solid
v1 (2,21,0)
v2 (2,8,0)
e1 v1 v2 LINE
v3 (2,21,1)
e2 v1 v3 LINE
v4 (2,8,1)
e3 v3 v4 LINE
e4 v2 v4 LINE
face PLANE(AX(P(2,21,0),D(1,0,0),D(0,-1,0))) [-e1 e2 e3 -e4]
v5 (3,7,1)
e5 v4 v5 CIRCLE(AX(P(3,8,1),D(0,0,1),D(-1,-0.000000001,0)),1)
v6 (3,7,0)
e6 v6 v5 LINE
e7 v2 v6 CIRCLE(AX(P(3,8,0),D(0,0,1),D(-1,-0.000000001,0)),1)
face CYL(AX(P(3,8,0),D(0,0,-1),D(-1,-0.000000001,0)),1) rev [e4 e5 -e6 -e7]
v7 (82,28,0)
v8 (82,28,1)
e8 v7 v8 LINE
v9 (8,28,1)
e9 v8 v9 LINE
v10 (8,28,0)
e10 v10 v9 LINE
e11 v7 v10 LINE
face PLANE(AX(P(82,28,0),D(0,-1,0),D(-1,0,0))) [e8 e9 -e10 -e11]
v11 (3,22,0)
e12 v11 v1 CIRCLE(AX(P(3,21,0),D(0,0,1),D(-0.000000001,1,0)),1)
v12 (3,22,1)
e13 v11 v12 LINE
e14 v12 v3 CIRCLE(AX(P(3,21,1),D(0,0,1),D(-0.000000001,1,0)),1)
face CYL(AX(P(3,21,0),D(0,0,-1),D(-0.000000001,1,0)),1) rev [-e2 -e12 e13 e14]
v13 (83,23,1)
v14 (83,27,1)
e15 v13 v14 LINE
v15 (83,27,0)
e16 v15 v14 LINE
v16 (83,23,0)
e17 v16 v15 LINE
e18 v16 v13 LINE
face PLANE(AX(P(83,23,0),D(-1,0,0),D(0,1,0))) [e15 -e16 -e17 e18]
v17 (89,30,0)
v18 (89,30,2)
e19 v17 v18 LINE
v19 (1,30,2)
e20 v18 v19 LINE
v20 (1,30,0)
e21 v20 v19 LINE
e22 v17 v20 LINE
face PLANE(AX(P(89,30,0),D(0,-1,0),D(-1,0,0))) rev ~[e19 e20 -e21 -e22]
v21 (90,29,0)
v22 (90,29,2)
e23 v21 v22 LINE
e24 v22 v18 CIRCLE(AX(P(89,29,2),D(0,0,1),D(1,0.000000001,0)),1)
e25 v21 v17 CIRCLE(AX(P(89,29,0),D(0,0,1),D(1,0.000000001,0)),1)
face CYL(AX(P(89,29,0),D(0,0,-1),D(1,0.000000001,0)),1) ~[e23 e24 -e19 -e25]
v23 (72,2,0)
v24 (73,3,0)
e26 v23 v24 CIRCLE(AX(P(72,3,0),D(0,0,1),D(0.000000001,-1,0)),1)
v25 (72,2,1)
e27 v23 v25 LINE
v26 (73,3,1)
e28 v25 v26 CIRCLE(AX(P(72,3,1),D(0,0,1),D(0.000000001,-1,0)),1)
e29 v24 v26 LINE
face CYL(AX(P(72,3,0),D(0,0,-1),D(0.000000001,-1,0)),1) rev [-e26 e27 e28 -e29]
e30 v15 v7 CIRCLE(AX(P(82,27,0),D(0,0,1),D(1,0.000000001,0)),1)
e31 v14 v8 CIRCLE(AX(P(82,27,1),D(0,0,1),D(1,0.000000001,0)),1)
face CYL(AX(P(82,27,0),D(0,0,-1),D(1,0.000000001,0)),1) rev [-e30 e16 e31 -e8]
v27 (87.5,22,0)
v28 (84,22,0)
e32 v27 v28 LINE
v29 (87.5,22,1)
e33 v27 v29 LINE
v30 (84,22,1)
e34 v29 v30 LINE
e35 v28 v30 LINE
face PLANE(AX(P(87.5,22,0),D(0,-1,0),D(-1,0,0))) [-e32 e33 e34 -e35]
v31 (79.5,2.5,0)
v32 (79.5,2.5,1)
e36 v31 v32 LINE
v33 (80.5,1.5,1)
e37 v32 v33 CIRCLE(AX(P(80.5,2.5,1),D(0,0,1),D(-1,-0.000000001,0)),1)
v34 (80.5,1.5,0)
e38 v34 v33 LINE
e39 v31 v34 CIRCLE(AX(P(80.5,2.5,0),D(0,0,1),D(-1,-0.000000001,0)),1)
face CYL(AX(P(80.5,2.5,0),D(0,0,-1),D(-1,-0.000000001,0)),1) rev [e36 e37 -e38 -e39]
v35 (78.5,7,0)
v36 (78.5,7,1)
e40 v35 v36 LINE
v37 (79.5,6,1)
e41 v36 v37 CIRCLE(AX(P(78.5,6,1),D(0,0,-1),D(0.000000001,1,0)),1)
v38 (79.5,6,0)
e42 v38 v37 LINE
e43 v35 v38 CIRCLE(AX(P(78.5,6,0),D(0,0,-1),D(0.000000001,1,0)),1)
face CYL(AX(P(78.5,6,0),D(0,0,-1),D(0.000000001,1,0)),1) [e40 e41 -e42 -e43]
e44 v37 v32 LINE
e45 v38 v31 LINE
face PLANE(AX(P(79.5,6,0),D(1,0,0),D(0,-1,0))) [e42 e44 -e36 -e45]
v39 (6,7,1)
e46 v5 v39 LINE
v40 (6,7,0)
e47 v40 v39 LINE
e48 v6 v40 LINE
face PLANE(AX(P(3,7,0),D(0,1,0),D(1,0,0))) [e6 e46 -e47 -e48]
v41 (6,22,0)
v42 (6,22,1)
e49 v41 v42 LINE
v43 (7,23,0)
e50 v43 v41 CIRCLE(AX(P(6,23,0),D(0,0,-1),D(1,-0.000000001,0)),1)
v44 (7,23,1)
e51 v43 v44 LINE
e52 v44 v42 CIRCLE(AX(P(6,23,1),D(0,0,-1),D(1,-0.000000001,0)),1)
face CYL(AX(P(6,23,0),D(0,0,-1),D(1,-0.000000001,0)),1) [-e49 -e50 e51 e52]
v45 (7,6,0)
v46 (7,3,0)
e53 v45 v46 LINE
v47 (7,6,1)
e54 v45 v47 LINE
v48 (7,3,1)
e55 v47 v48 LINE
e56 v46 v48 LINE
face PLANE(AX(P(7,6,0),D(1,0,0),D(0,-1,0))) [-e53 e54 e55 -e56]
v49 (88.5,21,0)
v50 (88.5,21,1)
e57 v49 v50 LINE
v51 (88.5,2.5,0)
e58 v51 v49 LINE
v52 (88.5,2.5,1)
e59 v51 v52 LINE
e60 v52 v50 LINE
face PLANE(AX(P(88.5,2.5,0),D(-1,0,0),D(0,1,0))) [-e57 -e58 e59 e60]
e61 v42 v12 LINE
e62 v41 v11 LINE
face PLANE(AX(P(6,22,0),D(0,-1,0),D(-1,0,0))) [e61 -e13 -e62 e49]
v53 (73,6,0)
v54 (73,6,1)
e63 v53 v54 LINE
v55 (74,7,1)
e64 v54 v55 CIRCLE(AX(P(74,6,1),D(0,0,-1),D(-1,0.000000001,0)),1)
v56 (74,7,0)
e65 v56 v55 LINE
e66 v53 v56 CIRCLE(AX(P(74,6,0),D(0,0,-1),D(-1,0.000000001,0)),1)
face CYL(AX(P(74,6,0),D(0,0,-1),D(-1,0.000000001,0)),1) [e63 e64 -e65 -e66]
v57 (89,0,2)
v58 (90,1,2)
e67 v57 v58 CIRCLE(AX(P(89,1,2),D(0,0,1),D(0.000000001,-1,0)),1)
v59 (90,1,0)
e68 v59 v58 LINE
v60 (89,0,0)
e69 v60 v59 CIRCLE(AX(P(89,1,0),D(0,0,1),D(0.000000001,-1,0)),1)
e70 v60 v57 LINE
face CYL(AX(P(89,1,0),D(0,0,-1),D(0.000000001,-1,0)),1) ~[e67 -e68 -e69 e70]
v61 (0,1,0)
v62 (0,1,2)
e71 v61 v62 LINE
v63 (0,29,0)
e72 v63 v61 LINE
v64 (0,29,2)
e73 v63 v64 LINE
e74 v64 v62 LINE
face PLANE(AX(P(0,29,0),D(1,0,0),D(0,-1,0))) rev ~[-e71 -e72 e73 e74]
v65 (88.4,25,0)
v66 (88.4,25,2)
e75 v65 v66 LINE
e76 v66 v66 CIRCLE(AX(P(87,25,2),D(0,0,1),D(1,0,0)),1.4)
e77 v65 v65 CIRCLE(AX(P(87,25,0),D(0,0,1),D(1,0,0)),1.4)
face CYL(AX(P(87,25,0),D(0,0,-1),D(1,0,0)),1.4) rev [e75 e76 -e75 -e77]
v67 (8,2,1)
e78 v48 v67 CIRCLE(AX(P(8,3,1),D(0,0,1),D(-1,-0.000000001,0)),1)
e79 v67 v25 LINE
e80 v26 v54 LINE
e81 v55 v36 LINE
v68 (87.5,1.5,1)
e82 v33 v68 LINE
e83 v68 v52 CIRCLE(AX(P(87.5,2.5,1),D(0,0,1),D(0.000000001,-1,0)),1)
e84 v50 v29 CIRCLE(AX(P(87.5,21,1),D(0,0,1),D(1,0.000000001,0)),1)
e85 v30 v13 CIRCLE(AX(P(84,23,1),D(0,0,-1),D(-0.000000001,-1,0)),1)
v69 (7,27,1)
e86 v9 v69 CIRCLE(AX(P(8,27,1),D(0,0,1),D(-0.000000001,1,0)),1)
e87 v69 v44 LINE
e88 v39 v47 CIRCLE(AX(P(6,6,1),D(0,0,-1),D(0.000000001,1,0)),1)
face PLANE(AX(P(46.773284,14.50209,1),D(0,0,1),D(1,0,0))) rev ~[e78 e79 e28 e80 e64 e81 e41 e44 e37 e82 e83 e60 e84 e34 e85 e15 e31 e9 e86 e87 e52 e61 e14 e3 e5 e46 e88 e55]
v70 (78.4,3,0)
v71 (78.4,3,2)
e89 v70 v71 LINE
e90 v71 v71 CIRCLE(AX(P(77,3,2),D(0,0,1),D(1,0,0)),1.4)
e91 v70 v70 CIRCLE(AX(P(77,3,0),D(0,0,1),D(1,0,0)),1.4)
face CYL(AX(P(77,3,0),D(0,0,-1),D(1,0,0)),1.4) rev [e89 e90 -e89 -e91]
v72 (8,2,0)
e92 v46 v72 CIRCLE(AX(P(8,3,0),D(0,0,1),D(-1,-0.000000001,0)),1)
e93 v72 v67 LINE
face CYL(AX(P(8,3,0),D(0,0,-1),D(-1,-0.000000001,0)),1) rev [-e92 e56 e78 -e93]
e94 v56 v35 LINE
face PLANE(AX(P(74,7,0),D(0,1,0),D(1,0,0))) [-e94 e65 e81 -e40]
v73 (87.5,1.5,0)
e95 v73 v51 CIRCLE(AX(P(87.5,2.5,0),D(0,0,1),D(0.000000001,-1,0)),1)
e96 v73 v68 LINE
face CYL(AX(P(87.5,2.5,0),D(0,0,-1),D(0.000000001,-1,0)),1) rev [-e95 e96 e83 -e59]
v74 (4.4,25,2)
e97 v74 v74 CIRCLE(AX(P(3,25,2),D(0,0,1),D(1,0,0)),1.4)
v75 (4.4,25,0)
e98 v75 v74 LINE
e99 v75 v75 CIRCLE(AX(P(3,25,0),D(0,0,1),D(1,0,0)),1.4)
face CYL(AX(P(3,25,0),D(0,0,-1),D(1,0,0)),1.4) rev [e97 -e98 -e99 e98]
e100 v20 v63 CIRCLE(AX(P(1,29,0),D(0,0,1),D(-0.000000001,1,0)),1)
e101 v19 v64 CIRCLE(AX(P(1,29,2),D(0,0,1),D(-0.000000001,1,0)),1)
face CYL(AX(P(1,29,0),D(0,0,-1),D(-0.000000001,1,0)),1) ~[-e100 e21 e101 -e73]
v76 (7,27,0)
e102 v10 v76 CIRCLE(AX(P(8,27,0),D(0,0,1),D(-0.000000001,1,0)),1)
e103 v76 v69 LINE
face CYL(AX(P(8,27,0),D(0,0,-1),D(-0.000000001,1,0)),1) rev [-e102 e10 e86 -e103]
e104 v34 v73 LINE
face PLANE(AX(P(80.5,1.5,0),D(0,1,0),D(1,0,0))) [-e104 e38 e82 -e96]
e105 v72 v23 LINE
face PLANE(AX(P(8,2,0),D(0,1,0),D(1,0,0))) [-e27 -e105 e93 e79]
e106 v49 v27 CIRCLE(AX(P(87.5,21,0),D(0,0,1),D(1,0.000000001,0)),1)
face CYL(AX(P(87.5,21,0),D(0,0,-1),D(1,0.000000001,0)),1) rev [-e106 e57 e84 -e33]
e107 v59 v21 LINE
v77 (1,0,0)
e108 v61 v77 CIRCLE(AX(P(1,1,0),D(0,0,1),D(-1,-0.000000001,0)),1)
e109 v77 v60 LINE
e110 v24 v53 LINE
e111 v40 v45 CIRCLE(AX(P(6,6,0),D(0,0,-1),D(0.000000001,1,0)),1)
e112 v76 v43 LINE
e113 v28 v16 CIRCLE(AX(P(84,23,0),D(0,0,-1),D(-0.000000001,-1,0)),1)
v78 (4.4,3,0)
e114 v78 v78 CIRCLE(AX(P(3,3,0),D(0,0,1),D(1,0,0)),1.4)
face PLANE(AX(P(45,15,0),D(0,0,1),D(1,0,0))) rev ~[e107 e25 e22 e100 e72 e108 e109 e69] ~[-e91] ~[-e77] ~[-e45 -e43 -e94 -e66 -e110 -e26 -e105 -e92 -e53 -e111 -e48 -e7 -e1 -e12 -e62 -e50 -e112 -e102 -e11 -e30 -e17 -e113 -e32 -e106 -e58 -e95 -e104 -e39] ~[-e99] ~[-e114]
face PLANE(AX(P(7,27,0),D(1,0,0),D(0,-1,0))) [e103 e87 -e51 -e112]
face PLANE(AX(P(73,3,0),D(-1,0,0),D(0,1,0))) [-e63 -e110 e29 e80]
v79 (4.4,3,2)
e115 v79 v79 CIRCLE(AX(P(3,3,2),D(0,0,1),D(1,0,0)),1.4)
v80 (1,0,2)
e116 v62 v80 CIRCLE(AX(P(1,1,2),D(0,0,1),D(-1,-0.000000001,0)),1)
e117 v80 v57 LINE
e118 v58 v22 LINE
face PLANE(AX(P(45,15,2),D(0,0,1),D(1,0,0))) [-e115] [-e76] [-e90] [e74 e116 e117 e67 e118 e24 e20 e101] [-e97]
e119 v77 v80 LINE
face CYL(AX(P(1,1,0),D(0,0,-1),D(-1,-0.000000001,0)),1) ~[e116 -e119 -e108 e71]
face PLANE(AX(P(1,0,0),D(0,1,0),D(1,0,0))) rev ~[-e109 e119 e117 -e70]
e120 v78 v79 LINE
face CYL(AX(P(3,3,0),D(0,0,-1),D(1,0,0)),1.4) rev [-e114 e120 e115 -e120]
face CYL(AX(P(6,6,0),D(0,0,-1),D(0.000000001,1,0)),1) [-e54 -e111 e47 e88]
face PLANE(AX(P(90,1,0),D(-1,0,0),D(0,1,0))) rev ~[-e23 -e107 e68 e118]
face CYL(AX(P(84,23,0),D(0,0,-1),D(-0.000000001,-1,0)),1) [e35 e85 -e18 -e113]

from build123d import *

# Parameters (mm, degrees)
SKETCH_1_R          = 1.4
EXTRUDE_1_DEPTH     = 2
CUT_EXTRUDE_1_DEPTH = 1


with BuildPart() as part:
    # Эскиз1 → Бобышка-Вытянуть1 (new body)
    with BuildSketch(Plane.XY):
        with BuildLine():
            Line((78, 0), (89, 0))
            ThreePointArc((89, 0), (89.707106781, 0.292893219), (90, 1))
            Line((90, 1), (90, 12))
            Line((90, 12), (90, 29))
            ThreePointArc((90, 29), (89.707106781, 29.707106781), (89, 30))
            Line((89, 30), (1, 30))
            ThreePointArc((1, 30), (0.292893219, 29.707106781), (0, 29))
            Line((0, 29), (0, 1))
            ThreePointArc((0, 1), (0.292893219, 0.292893219), (1, 0))
            Line((1, 0), (60.966683233, 0))
            Line((60.966683233, 0), (78, 0))
        make_face()
        with Locations((3, 3)):
            Circle(SKETCH_1_R, mode=Mode.SUBTRACT)
        with Locations((3, 25)):
            Circle(SKETCH_1_R, mode=Mode.SUBTRACT)
        with Locations((87, 25)):
            Circle(SKETCH_1_R, mode=Mode.SUBTRACT)
        with Locations((77, 3)):
            Circle(SKETCH_1_R, mode=Mode.SUBTRACT)
    extrude(amount=EXTRUDE_1_DEPTH)

    # Эскиз2 → Вырез-Вытянуть1 (cut)
    with BuildSketch(Plane(origin=(0, 0, 0), x_dir=(-1, 0, 0), z_dir=(0, 0, -1))):
        with BuildLine():
            Line((-82, 28), (-8, 28))
            ThreePointArc((-8, 28), (-7.292893219, 27.707106781), (-7, 27))
            Line((-7, 27), (-7, 23))
            ThreePointArc((-7, 23), (-6.707106781, 22.292893219), (-6, 22))
            Line((-6, 22), (-3, 22))
            ThreePointArc((-3, 22), (-2.292893219, 21.707106781), (-2, 21))
            Line((-2, 21), (-2, 8))
            ThreePointArc((-2, 8), (-2.292893219, 7.292893219), (-3, 7))
            Line((-3, 7), (-6, 7))
            ThreePointArc((-6, 7), (-6.707106781, 6.707106781), (-7, 6))
            Line((-7, 6), (-7, 3))
            ThreePointArc((-7, 3), (-7.292893219, 2.292893219), (-8, 2))
            Line((-8, 2), (-72, 2))
            ThreePointArc((-72, 2), (-72.707106781, 2.292893219), (-73, 3))
            Line((-73, 3), (-73, 6))
            ThreePointArc((-73, 6), (-73.292893219, 6.707106781), (-74, 7))
            Line((-74, 7), (-78.5, 7))
            ThreePointArc((-78.5, 7), (-79.207106781, 6.707106781), (-79.5, 6))
            Line((-79.5, 6), (-79.5, 2.5))
            ThreePointArc((-79.5, 2.5), (-79.792893219, 1.792893219), (-80.5, 1.5))
            Line((-80.5, 1.5), (-87.5, 1.5))
            ThreePointArc((-87.5, 1.5), (-88.207106781, 1.792893219), (-88.5, 2.5))
            Line((-88.5, 2.5), (-88.5, 21))
            ThreePointArc((-88.5, 21), (-88.207106781, 21.707106781), (-87.5, 22))
            Line((-87.5, 22), (-84, 22))
            ThreePointArc((-84, 22), (-83.292893219, 22.292893219), (-83, 23))
            Line((-83, 23), (-83, 27))
            ThreePointArc((-83, 27), (-82.707106781, 27.707106781), (-82, 28))
        make_face()
    extrude(amount=-CUT_EXTRUDE_1_DEPTH, mode=Mode.SUBTRACT)


solid = part.part
